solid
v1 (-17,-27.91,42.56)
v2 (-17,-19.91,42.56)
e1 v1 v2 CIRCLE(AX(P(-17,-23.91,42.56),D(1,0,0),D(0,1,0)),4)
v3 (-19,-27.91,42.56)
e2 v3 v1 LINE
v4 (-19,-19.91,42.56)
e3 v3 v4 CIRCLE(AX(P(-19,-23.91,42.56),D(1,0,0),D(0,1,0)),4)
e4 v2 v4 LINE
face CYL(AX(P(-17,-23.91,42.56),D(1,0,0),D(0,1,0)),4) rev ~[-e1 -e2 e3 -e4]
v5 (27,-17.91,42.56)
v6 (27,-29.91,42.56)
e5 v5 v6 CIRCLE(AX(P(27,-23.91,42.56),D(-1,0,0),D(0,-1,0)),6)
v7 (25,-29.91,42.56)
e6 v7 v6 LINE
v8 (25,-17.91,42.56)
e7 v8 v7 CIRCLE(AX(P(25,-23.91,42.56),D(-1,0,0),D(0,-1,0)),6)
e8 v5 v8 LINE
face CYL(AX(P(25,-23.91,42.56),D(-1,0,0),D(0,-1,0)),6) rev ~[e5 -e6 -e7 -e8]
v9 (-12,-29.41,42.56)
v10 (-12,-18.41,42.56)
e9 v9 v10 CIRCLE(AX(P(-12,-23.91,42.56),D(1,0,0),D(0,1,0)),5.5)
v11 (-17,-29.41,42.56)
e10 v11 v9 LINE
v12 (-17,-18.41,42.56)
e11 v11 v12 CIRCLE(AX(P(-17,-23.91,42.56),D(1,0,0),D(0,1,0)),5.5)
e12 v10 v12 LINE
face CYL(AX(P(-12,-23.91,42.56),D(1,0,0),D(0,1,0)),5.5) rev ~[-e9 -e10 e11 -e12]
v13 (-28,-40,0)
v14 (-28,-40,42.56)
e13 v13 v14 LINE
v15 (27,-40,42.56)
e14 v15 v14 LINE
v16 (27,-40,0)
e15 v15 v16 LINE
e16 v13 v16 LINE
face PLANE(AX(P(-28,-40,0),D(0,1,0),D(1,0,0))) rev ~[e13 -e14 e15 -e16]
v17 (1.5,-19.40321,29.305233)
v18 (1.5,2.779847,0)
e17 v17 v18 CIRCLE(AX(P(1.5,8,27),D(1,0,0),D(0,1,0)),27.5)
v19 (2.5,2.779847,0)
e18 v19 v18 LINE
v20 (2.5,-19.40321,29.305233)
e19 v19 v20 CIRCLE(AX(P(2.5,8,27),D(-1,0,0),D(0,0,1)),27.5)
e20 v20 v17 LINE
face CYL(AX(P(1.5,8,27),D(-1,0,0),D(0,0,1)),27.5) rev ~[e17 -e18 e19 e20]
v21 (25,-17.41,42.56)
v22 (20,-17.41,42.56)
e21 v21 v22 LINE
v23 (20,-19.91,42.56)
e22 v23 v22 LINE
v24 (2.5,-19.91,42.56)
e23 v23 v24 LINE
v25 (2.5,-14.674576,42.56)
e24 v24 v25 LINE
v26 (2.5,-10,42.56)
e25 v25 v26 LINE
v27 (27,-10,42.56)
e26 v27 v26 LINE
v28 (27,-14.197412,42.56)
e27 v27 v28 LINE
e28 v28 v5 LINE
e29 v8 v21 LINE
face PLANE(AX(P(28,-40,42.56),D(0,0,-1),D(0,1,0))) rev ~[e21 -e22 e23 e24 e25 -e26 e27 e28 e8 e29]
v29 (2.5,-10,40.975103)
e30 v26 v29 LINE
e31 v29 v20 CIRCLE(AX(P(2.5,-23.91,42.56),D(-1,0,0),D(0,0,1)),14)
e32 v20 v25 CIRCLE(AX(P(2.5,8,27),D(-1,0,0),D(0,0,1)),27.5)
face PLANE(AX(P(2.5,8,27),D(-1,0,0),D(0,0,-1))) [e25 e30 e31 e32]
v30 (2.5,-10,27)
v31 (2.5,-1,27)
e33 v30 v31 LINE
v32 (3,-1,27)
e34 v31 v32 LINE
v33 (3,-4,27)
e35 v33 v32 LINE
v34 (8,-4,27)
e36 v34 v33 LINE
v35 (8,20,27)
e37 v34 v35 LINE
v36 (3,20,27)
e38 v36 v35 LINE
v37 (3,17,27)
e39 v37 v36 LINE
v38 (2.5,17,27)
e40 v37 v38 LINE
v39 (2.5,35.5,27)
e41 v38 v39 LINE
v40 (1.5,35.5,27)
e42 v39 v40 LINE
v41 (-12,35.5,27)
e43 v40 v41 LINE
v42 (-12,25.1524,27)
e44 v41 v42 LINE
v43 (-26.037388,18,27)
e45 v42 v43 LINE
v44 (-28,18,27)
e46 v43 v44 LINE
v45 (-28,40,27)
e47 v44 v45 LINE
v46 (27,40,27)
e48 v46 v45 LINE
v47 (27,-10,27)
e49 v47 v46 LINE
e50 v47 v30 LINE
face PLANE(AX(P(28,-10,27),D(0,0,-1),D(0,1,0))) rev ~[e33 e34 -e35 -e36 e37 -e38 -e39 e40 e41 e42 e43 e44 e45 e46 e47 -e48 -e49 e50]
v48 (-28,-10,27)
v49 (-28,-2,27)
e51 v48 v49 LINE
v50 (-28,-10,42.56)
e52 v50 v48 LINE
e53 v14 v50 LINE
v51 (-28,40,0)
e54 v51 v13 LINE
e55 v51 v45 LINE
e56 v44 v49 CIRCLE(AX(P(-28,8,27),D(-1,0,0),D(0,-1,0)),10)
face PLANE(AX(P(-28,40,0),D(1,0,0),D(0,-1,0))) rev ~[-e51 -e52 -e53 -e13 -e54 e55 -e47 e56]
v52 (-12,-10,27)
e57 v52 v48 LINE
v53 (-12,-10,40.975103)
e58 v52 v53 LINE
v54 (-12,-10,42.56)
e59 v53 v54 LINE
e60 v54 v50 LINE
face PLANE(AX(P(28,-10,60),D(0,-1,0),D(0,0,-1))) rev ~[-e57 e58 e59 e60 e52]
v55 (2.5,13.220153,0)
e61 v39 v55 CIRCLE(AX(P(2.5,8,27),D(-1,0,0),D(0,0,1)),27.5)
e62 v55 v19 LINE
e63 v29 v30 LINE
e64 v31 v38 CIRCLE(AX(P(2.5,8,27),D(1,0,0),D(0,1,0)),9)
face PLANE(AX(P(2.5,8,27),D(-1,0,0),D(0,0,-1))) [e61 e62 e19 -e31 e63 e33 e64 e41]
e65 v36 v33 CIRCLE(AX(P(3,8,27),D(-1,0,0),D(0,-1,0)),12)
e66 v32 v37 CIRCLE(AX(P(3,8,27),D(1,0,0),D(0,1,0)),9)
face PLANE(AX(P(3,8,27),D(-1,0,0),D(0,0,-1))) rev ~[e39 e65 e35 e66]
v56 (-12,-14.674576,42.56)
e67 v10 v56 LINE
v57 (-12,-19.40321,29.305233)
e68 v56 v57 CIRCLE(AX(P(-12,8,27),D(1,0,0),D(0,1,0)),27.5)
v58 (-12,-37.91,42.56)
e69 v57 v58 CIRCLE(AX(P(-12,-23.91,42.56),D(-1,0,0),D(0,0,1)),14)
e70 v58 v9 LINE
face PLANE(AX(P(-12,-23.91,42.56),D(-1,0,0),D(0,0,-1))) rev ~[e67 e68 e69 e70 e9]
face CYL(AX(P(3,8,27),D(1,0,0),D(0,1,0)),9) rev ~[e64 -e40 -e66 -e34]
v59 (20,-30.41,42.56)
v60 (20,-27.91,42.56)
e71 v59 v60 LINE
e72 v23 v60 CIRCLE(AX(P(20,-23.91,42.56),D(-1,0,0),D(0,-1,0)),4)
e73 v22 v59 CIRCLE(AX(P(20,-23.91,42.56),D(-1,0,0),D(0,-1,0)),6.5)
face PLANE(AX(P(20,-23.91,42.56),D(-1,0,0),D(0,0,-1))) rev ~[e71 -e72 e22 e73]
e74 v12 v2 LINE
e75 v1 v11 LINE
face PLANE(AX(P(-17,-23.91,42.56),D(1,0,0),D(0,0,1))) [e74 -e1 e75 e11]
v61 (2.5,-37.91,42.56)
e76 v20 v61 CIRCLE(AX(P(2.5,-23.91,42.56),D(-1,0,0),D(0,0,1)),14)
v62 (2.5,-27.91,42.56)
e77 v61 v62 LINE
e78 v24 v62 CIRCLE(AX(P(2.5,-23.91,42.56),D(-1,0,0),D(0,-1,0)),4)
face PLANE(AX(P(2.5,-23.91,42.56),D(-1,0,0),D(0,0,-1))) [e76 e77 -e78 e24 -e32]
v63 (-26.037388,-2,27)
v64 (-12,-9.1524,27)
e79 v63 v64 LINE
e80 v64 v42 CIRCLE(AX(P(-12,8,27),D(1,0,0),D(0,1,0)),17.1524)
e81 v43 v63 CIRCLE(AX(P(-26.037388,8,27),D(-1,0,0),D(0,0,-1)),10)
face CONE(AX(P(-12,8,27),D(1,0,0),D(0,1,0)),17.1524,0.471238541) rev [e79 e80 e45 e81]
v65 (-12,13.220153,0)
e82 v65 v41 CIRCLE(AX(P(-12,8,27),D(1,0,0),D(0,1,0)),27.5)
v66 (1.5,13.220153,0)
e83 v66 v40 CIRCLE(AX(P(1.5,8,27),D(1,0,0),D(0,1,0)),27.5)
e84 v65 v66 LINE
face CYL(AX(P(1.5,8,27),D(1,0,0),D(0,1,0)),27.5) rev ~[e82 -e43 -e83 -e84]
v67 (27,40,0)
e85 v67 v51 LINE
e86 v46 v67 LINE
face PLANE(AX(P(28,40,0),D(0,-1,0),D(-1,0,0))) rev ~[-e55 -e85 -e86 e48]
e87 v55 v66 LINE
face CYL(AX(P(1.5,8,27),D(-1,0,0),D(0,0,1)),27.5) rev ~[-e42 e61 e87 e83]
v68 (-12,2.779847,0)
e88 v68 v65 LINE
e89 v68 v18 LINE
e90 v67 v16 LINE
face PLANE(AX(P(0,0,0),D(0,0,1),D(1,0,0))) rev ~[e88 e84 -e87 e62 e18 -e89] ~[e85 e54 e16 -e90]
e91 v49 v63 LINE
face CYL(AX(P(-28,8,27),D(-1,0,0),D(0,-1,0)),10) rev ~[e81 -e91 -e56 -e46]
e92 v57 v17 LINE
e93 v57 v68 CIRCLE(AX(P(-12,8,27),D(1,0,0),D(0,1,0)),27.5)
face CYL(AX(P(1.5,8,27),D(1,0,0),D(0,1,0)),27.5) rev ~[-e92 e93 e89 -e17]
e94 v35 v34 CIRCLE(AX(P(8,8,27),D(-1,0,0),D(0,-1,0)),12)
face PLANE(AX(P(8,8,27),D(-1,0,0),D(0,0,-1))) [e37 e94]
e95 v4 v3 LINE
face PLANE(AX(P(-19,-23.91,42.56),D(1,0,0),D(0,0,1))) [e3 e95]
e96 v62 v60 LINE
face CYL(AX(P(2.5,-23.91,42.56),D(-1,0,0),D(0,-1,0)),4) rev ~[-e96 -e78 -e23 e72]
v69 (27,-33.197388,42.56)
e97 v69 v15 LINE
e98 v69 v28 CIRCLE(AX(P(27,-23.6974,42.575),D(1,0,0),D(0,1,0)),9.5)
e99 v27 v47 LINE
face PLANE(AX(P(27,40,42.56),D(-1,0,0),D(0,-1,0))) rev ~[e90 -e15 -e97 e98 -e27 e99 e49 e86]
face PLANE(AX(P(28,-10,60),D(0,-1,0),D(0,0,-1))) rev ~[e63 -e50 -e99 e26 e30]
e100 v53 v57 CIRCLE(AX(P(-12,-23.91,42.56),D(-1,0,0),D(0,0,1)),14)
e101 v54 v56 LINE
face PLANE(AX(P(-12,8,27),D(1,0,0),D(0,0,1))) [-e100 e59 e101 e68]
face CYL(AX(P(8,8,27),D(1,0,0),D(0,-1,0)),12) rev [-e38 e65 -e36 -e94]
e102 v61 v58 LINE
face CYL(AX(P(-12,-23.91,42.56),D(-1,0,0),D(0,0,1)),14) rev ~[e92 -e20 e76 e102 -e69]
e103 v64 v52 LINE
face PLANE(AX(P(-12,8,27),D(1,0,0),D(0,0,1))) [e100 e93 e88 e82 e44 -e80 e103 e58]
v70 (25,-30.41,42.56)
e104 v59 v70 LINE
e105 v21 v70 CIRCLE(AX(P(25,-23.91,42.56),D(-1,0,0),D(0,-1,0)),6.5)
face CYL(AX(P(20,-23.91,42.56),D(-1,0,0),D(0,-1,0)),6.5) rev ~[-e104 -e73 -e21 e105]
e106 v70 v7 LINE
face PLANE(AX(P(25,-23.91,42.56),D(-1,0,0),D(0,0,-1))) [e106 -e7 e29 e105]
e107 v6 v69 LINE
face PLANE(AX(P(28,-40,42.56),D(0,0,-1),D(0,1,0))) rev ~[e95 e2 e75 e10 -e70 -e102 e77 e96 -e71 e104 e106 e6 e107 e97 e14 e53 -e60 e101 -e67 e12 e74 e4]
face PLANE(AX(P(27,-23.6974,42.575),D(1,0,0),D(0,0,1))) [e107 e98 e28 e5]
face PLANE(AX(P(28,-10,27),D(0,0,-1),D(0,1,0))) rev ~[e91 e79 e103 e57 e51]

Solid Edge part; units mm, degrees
sketch "Sketch1" plane through (0, 0, 0) normal (0, 0, 1) x (1, 0, 0)
  line L0 (-28, -40) -> (28, -40)
  line L1 (28, -40) -> (28, 40)
  line L2 (28, 40) -> (-28, 40)
  line L3 (-28, 40) -> (-28, -40)
  dimension "D1" = 56
  dimension "D2" = 80
extrude "Protrusion1" add sketch "Sketch1" along normal blind 60
sketch "Sketch2" plane through (28, 0, 30) normal (1, 0, 0) x (0, 1, 0)
  line L0 (-10, 30) -> (-10, -3)
  line L1 (-10, -3) -> (40, -3)
  dimension "D1" = 50
  dimension "D2" = 27
extrude "Extrusionsausschnitt_1" cut sketch "Sketch2" against normal blind 62 material side at (28, -9.95, 43.5)
sketch "Sketch3" plane through (28, 0, 30) normal (1, 0, 0) x (0, 1, 0)
  line L0 (-40, 12.56) -> (-10, 12.56)
  dimension "D1" = 42.56
extrude "Extrusionsausschnitt_2" cut sketch "Sketch3" against normal blind 92 material side at (28, -25, 42.61)
sketch "Sketch4" plane through (8, 0, 21.28) normal (-1, 0, 0) x (0, -1, 0)
  circle A0 centre (-8, 5.72) radius 12
  dimension "D1" = 24
  dimension "D2" = 32
extrude "Extrusionsausschnitt_3" cut sketch "Sketch4" along normal blind 5
sketch "Sketch5" plane through (3, 5.5, 20.5) normal (1, 0, 0) x (0, 1, 0)
  circle A0 centre (2.5, 6.5) radius 9
  dimension "D1" = 18
  dimension "D2" = 32
extrude "Extrusionsausschnitt_4" cut sketch "Sketch5" against normal blind 1.5
sketch "Sketch6" plane through (1.5, 5.5, 22.5) normal (1, 0, 0) x (0, 1, 0)
  circle A0 centre (2.5, 4.5) radius 27.5
  dimension "D1" = 55
  dimension "D2" = 32
extrude "Extrusionsausschnitt_5" cut sketch "Sketch6" against normal blind 13.5
sketch "Sketch7" plane through (1.5, 5.5, 21.28) normal (-1, 0, 0) x (0, 0, 1)
  circle A0 centre (5.72, 2.5) radius 27.5
  dimension "D1" = 55
  dimension "D2" = 32
extrude "Extrusionsausschnitt_6" cut sketch "Sketch7" against normal blind 1
sketch "Sketch8" plane through (0, 15, 27) normal (0, 0, 1) x (1, 0, 0)
  line L0 (-12, 10.1524) -> (-28, 2)
  line L1 (-12, 10.1524) -> (-12, -7)
revolve "RevolvedCutout1" cut sketch "Sketch8" angle 360 about axis through (-28, 8, 27) along (1, 0, 0) material side at (-19.9773, 21.0316, 27)
sketch "Sketch9" plane through (-28, 0, 21.28) normal (-1, 0, 0) x (0, -1, 0)
  circle A0 centre (-8, 5.72) radius 10
  dimension "D1" = 20
extrude "Cutout1" cut sketch "Sketch9" against normal up to vertex (16 mm away)
sketch "Sketch10" plane through (-12, 0, 21.28) normal (-1, 0, 0) x (0, 0, 1)
  circle A0 centre (21.28, -23.91) radius 14
  dimension "D1" = 16.09
  dimension "D2" = 28
extrude "Extrusionsausschnitt_8" cut sketch "Sketch10" against normal up to vertex (14.5 mm away)
sketch "Sketch11" plane through (-12, -0.75, 21.28) normal (1, 0, 0) x (0, 1, 0)
  circle A0 centre (-23.16, 21.28) radius 5.5
  dimension "D1" = 11
  dimension "D2" = 16.09
extrude "Extrusionsausschnitt_9" cut sketch "Sketch11" against normal blind 5
sketch "Sketch12" plane through (-17, -23.91, 39.81) normal (1, 0, 0) x (0, 1, 0)
  circle A0 centre (0, 2.75) radius 4
  dimension "D1" = 8
  dimension "D2" = 16.09
extrude "Extrusionsausschnitt_10" cut sketch "Sketch12" against normal blind 2
sketch "Sketch13" plane through (2.5, -0.75, 21.28) normal (-1, 0, 0) x (0, -1, 0)
  circle A0 centre (23.16, 21.28) radius 4
  dimension "D1" = 8
  dimension "D2" = 16.09
extrude "Extrusionsausschnitt_11" cut sketch "Sketch13" against normal blind 17.5
sketch "Sketch14" plane through (20, -23.91, 40.56) normal (-1, 0, 0) x (0, -1, 0)
  circle A0 centre (0, 2) radius 6.5
  dimension "D1" = 13
  dimension "D2" = 16.09
extrude "Extrusionsausschnitt_12" cut sketch "Sketch14" against normal blind 5
sketch "Sketch15" plane through (25, -23.91, 38.81) normal (-1, 0, 0) x (0, -1, 0)
  circle A0 centre (0, 3.75) radius 6
  dimension "D1" = 12
  dimension "D2" = 16.09
extrude "Extrusionsausschnitt_13" cut sketch "Sketch15" against normal blind 24
sketch "Sketch16" plane through (28, 0, 21.28) normal (1, 0, 0) x (0, 1, 0)
  circle A0 centre (-23.6974, 21.295) radius 9.5
  dimension "D1" = 19
extrude "Extrusionsausschnitt_14" cut sketch "Sketch16" against normal blind 1
sketch "Sketch17" plane through (15.25, -14.955, 42.56) normal (0, 0, 1) x (1, 0, 0)
  line L0 (11.75, 54.955) -> (11.75, -25.045)
  dimension "D1" = 1
extrude "Extrusionsausschnitt_15" cut sketch "Sketch17" against normal blind 100 material side at (27.05, 0, 42.56)
properties material "Aluminiumlegierung:3.0205, Al 99.0, EN-AW 1200"
